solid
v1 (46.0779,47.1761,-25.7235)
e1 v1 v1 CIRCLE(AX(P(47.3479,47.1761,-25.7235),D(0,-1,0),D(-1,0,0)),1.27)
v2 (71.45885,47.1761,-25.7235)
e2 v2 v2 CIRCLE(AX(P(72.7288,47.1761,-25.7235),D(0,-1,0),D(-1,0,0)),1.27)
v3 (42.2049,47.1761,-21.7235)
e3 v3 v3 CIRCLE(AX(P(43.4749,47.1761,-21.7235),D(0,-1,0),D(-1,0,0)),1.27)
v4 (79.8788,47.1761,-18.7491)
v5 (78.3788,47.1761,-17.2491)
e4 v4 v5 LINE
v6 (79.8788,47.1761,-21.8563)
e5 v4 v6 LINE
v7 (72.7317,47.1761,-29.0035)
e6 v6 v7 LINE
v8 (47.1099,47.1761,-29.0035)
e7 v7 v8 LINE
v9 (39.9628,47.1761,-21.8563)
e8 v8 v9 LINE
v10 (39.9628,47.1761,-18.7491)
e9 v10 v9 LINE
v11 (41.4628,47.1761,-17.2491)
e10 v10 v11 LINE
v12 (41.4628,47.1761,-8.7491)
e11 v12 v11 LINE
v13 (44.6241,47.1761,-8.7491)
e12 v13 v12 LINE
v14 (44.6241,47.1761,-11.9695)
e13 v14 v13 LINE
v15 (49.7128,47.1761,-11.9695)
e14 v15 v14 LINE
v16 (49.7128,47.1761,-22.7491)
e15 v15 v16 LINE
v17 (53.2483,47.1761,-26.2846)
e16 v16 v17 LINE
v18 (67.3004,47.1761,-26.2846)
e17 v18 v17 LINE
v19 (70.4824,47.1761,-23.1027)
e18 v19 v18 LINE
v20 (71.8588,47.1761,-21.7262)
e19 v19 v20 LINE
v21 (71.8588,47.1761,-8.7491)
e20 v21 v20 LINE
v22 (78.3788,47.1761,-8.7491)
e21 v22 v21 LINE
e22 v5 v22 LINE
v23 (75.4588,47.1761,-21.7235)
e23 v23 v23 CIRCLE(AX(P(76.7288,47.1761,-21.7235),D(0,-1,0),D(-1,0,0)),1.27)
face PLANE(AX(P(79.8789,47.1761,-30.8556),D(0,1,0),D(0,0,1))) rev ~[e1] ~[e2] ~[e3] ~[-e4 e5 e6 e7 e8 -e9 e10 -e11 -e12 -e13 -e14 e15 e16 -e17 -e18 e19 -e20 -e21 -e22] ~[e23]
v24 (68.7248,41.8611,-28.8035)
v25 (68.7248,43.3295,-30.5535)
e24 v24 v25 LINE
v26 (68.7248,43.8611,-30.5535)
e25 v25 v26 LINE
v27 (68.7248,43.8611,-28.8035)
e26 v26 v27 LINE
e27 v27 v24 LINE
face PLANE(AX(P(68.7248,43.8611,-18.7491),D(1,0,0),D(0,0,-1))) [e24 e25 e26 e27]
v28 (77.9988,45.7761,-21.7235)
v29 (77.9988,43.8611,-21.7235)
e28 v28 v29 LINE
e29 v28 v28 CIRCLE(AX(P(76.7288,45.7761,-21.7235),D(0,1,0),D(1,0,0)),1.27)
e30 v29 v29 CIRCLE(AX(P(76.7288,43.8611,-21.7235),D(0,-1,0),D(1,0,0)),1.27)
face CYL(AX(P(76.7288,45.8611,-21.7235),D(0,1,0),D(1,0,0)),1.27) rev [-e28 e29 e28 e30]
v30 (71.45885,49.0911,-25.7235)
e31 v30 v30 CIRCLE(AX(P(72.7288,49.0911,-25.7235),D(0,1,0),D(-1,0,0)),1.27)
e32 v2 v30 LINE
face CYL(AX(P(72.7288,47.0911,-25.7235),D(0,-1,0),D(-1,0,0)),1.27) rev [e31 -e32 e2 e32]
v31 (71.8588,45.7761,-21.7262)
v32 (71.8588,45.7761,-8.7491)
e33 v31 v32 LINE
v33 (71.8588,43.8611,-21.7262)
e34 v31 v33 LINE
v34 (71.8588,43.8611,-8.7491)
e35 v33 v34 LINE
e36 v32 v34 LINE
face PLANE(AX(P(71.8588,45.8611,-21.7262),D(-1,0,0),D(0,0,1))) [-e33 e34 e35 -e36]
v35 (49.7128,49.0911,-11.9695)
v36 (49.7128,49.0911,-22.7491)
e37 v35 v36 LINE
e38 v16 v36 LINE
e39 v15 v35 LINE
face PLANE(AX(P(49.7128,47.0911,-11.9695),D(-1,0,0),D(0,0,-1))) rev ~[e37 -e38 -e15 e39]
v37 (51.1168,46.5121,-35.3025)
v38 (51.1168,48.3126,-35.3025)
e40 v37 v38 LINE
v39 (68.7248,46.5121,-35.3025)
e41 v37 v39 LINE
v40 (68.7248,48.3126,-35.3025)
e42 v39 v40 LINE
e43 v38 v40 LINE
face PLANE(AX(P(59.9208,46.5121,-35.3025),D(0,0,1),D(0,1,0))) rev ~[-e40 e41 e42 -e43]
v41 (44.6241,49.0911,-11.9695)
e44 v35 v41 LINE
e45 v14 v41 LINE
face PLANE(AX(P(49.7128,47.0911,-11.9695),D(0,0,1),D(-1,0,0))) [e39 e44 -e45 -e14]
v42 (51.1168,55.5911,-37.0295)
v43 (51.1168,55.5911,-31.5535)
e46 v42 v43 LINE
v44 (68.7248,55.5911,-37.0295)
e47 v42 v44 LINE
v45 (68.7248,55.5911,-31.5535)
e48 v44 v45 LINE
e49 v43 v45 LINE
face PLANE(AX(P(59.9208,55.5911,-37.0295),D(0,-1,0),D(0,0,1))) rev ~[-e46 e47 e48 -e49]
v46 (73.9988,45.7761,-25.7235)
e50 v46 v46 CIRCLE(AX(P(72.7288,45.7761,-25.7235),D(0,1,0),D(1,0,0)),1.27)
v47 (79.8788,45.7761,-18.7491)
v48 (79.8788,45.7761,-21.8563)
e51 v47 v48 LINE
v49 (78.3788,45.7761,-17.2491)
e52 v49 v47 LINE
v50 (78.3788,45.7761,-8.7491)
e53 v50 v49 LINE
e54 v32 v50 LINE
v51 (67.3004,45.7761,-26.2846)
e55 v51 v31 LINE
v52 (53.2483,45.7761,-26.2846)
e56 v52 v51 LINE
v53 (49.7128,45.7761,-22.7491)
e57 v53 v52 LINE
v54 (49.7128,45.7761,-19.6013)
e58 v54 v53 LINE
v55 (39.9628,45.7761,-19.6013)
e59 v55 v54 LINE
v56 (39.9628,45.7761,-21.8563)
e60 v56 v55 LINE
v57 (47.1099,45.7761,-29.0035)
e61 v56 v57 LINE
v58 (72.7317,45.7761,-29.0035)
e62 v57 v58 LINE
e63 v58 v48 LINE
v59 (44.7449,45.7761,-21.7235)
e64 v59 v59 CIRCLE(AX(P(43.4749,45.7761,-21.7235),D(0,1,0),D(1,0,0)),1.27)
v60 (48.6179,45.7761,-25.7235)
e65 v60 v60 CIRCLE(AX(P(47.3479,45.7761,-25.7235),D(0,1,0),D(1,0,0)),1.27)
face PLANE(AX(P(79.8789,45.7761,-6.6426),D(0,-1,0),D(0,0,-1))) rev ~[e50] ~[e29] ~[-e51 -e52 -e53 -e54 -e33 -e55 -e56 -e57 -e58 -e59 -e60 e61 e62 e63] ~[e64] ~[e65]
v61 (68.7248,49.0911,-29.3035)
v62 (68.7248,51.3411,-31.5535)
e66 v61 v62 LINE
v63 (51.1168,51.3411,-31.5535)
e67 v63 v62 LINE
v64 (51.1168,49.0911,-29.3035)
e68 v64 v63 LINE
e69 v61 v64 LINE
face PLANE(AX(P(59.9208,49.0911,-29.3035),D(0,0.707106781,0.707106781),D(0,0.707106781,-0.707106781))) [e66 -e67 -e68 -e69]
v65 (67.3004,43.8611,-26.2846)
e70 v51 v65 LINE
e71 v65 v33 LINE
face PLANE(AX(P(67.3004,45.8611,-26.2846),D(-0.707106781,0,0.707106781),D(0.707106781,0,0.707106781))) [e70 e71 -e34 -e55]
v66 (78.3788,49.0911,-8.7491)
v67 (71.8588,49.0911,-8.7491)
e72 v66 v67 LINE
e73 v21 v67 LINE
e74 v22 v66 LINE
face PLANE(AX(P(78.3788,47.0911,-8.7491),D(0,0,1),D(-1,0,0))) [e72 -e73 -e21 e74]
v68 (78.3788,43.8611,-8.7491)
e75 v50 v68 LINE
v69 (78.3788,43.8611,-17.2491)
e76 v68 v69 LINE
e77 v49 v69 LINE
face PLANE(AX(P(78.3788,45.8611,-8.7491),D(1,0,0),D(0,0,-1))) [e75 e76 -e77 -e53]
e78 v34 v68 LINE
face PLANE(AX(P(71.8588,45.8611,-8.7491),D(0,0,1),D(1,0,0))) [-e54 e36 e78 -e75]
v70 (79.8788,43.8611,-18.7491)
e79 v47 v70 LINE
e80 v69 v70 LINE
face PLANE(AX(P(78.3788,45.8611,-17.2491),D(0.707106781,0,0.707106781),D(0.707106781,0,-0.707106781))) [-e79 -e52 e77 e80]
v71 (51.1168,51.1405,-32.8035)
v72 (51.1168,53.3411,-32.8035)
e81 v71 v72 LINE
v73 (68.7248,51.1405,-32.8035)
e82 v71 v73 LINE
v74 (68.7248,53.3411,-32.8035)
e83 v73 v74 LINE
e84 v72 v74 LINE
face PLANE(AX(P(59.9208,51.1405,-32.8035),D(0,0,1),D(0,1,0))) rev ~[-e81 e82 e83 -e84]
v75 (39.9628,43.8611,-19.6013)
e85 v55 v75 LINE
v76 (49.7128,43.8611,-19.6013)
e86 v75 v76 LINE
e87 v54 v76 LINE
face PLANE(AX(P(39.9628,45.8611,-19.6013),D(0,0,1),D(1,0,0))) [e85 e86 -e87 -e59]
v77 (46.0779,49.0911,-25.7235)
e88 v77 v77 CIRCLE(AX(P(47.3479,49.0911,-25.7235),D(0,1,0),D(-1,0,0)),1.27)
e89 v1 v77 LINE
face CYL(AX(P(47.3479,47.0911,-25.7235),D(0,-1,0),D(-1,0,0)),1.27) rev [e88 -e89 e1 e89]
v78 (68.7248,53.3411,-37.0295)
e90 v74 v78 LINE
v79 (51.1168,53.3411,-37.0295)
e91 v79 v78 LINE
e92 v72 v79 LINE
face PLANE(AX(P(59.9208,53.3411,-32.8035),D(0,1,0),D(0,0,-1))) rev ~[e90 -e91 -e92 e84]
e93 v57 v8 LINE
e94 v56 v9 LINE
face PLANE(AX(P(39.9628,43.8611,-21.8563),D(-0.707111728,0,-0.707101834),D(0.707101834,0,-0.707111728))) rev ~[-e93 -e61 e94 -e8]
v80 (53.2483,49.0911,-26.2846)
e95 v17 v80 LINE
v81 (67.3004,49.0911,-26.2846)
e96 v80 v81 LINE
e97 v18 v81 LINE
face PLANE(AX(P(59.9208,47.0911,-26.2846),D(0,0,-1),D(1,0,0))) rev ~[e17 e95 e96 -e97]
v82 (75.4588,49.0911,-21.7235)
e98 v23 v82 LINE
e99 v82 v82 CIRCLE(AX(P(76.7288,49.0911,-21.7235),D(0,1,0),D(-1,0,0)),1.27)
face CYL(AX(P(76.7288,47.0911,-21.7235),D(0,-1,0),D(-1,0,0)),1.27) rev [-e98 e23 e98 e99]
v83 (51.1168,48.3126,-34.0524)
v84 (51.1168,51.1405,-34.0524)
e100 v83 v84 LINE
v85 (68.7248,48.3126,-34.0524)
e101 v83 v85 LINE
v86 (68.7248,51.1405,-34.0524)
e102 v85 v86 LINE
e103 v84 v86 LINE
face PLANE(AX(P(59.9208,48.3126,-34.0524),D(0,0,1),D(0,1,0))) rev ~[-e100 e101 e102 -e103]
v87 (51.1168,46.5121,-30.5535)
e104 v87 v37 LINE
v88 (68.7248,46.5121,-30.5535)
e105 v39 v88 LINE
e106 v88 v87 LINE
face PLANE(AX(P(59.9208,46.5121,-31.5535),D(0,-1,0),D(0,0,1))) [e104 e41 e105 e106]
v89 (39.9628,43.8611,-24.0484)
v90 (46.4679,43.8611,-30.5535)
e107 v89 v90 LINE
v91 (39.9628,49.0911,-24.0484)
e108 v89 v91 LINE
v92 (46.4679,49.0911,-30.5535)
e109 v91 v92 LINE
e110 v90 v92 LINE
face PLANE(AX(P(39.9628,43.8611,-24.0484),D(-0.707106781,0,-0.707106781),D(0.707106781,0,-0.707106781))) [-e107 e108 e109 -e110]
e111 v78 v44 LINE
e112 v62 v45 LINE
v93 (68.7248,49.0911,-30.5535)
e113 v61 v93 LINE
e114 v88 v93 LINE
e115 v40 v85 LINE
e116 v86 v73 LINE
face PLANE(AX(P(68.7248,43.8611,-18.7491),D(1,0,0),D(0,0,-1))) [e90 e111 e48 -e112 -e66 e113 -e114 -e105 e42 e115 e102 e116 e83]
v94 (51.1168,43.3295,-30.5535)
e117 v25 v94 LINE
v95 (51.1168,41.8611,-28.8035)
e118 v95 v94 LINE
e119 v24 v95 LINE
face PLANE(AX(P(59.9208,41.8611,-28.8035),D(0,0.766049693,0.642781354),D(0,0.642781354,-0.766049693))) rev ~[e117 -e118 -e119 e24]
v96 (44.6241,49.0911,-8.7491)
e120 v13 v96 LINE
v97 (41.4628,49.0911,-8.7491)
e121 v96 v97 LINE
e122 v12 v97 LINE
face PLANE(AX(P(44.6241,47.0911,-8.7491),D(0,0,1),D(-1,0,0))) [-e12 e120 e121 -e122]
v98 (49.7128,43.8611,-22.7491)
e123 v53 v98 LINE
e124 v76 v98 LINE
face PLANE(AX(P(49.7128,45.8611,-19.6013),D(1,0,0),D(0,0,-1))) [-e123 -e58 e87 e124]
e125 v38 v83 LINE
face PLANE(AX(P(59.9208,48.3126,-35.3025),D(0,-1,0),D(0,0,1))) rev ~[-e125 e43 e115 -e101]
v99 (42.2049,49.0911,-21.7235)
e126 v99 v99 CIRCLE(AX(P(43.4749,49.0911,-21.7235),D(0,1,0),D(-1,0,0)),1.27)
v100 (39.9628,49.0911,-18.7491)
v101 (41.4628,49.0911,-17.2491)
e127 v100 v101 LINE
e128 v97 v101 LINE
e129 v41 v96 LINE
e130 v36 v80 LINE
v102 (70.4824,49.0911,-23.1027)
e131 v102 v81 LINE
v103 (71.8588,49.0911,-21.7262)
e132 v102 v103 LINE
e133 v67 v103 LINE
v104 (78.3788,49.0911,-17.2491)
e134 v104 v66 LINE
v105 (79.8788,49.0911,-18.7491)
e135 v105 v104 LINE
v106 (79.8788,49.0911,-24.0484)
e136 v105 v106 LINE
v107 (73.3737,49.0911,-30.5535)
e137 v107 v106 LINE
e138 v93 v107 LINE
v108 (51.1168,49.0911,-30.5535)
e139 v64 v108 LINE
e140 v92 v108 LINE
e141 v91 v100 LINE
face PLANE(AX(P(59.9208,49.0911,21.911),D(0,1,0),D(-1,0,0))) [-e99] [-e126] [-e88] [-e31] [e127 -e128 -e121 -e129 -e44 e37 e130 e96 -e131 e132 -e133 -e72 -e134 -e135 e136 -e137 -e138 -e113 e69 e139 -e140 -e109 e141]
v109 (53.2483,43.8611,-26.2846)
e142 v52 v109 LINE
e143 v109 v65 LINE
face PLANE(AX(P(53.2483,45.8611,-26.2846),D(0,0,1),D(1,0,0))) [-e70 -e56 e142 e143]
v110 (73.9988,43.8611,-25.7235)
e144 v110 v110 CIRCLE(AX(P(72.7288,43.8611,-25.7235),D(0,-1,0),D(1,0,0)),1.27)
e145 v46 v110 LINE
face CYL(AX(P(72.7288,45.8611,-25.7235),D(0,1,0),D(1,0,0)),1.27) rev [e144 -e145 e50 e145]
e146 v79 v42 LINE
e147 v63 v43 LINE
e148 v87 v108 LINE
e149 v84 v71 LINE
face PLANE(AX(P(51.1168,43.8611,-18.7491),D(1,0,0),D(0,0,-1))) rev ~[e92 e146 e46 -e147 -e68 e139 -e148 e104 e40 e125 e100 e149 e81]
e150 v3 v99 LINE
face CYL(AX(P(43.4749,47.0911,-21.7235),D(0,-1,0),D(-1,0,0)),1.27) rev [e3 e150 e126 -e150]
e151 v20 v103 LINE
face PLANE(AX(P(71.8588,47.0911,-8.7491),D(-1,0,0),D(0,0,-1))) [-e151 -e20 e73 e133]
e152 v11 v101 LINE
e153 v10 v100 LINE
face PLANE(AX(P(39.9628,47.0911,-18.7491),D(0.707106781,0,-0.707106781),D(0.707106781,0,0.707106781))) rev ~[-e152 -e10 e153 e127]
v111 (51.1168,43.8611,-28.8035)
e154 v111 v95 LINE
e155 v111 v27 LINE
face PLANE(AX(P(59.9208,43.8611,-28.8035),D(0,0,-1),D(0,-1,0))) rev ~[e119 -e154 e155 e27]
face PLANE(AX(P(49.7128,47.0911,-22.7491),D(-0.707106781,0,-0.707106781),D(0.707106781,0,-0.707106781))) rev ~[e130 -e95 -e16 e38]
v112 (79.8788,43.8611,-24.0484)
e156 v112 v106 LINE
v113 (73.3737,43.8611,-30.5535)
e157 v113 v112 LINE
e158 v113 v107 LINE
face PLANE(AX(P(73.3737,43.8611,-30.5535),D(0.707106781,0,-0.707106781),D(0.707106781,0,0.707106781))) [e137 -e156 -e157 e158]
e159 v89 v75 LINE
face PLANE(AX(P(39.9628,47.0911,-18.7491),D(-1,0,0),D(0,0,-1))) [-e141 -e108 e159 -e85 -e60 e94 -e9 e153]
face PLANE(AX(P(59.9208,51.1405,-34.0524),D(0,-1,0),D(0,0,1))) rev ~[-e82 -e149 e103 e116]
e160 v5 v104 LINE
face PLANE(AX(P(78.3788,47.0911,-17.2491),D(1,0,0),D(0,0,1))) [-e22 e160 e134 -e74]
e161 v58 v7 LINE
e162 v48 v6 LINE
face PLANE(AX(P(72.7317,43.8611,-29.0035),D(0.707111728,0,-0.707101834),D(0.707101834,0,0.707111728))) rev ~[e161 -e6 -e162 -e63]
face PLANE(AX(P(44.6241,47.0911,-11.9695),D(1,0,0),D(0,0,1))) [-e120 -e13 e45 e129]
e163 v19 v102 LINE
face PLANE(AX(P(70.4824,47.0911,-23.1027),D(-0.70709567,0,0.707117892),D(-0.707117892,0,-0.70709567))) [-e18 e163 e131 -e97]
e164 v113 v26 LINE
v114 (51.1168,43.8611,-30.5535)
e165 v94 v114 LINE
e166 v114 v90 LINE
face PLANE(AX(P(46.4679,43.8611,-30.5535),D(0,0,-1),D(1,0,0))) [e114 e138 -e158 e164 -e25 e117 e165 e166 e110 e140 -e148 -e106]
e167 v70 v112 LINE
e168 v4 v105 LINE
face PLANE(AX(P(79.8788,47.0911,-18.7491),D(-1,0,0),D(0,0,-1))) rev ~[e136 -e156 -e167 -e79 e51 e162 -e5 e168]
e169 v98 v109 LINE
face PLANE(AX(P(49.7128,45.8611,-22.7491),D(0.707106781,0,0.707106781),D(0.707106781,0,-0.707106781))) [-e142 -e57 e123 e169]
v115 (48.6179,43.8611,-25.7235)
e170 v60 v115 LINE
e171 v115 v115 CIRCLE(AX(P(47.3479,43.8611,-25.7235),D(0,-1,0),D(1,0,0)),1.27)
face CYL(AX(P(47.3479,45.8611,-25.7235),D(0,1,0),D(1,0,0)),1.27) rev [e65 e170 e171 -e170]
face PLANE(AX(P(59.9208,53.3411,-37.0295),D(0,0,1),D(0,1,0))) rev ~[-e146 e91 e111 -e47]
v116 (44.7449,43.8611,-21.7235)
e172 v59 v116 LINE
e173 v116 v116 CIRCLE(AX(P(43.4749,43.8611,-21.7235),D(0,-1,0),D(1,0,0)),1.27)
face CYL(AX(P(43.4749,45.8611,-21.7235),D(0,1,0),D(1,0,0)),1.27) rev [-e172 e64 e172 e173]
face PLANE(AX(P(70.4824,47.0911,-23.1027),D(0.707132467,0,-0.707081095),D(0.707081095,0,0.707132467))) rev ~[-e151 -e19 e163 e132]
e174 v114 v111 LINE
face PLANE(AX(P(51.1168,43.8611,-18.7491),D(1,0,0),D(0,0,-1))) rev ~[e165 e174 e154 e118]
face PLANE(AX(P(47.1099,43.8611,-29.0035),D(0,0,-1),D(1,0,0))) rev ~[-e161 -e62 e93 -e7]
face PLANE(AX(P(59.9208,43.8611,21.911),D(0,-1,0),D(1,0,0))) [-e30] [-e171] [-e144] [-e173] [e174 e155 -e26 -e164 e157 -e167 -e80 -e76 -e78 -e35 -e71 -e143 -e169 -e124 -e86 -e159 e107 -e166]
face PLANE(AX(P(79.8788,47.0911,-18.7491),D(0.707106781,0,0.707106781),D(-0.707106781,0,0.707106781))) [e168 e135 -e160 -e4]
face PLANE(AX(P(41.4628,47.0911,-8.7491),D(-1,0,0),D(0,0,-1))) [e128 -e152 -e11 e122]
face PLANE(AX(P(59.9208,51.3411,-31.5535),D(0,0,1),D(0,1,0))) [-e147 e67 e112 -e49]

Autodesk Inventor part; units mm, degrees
ref_plane "Work Plane1" through (59.9208, 47.0911, 21.911) normal (0, 1, 0) x (-1, 0, 0)
sketch "Sketch1" plane through (59.9208, 47.0911, 21.911) normal (0, 1, 0) x (-1, 0, 0)
  circle A0 centre (-16.808, -43.6345) radius 1.27
  circle A1 centre (12.5729, -47.6345) radius 1.27
  circle A2 centre (16.4459, -43.6345) radius 1.27
  circle A3 centre (-12.808, -47.6345) radius 1.27
  line L0 (10.208, -33.8805) -> (10.208, -44.6601)
  line L1 (10.208, -44.6601) -> (6.6725, -48.1956)
  circle A4 centre (-16.808, -43.6345) radius 1.27 projected
  circle A5 centre (12.5729, -47.6345) radius 1.27 projected
  circle A6 centre (16.4459, -43.6345) radius 1.27 projected
  circle A7 centre (-12.8081, -47.6345) radius 1.27 projected
  line L2 (19.708, -15.6655) -> (-19.708, -15.6655)
  line L3 (0, -15.6655) -> (0, -20.8781)
  line L4 (6.6725, -48.1956) -> (-7.3796, -48.1956)
  line L5 (-19.958, -43.8381) -> (-12.8316, -50.9645)
  line L6 (-12.8316, -50.9645) -> (12.8316, -50.9645)
  line L7 (-19.958, -40.6601) -> (-19.958, -43.8381)
  line L8 (0, -48.1956) -> (0, -46.7038)
  line L9 (19.958, -43.8381) -> (12.8316, -50.9645)
  line L10 (19.958, -40.6601) -> (19.958, -43.8381)
  line L11 (-11.938, -30.6601) -> (-11.938, -43.6372)
  line L12 (-10.5616, -45.0137) -> (-11.938, -43.6372)
  line L13 (-10.5616, -45.0137) -> (-7.3796, -48.1956)
  line L14 (15.2967, -30.6601) -> (18.458, -30.6601)
  line L15 (18.458, -30.6601) -> (18.458, -39.1601)
  line L16 (-18.458, -39.1601) -> (-18.458, -30.6601)
  line L17 (-18.458, -30.6601) -> (-11.938, -30.6601)
  line L18 (10.208, -33.8805) -> (15.2967, -33.8805)
  line L19 (15.2967, -33.8805) -> (15.2967, -30.6601)
  line L20 (-19.958, -40.6601) -> (-18.458, -39.1601)
  line L21 (19.958, -40.6601) -> (18.458, -39.1601)
  point P0 (-19.708, -43.6601)
  point P1 (-6.6725, -48.1956)
  dimension "d14" = 5
  dimension "d15" = 135
  dimension "d18" = 2.54
extrude "Extrusion1" add sketch "Sketch1" along normal blind 2
ref_plane "Work Plane2" through (59.9208, 45.8611, 21.911) normal (0, -1, 0) x (1, 0, 0)
sketch "Sketch2" plane through (59.9208, 45.8611, 21.911) normal (0, -1, 0) x (1, 0, 0)
  line L0 (-10.208, -33.8805) -> (-10.208, -44.6601) projected
  line L1 (-10.208, -44.6601) -> (-6.6725, -48.1956) projected
  line L2 (-6.6725, -48.1956) -> (7.3796, -48.1956) projected
  circle A0 centre (16.808, -43.6345) radius 1.27 projected
  circle A1 centre (-12.5729, -47.6345) radius 1.27 projected
  circle A2 centre (-16.4459, -43.6345) radius 1.27 projected
  circle A3 centre (12.808, -47.6345) radius 1.27 projected
  line L3 (19.958, -40.6601) -> (19.958, -43.8381) projected
  line L4 (19.958, -43.8381) -> (12.8316, -50.9645) projected
  line L5 (12.8316, -50.9645) -> (-12.8316, -50.9645) projected
  line L6 (-12.8316, -50.9645) -> (-19.958, -43.8381) projected
  line L7 (-19.958, -43.8381) -> (-19.958, -40.6601) projected
  line L8 (7.3796, -48.1956) -> (11.938, -43.6372) projected
  line L9 (11.938, -43.6372) -> (11.938, -30.6601) projected
  line L10 (11.938, -30.6601) -> (18.458, -30.6601) projected
  line L11 (18.458, -30.6601) -> (18.458, -39.1601) projected
  line L12 (-18.458, -39.1601) -> (-18.458, -30.6601) projected
  line L13 (-18.458, -30.6601) -> (-15.2967, -30.6601) projected
  line L14 (-15.2967, -30.6601) -> (-15.2967, -33.8805) projected
  line L15 (-15.2967, -33.8805) -> (-10.208, -33.8805) projected
  line L16 (18.458, -39.1601) -> (19.958, -40.6601) projected
  line L17 (-19.958, -40.6601) -> (-18.458, -39.1601) projected
  circle A4 centre (-16.4459, -43.6345) radius 1.27 projected
  line L18 (-19.958, -43.8381) -> (-19.958, -40.6601) projected
  line L19 (-19.958, -41.5123) -> (-10.208, -41.5123)
  line L20 (-10.208, -33.8805) -> (-10.208, -44.6601) projected
  point P0 (-59.9208, -21.911)
extrude "Extrusion2" add sketch "Sketch2" along normal blind 2 contours L0 L1 L2 L8 L9 L10 L11 L16 L3 L4 L5 L6 L7 L19
sketch "Sketch4" plane through (79.8789, 45.8611, -18.7491) normal (1, 0, 0) x (0, 0, -1)
  line L0 (0, 1.23) -> (3.178, 1.23) projected
  line L1 (0, 0) -> (-1.5, 0) projected
  line L2 (0, 1.23) -> (0, 0)
  line L3 (-12.1065, -0.085) -> (12.1065, -0.085)
  line L4 (12.1065, -0.085) -> (12.1065, 1.315)
  line L5 (12.1065, 1.315) -> (-12.1065, 1.315)
  line L6 (-12.1065, 1.315) -> (-12.1065, -0.085)
  line L7 (-12.1065, -0.085) -> (12.1065, 1.315) construction
  line L8 (12.1065, -0.085) -> (-12.1065, 1.315) construction
  point P0 (0, 0.615)
  dimension "d73" = 1.4
extrude "Extrusion3" cut sketch "Sketch4" against normal through all
sketch "Sketch5" plane through (59.9208, 43.8611, 21.911) normal (0, -1, 0) x (1, 0, 0)
  line L0 (-19.708, -43.6601) -> (-19.708, -40.6601)
  line L1 (-12.6424, -50.7145) -> (-19.708, -43.6601)
  line L2 (12.728, -50.7145) -> (-12.6424, -50.7145)
  line L3 (19.708, -43.7345) -> (12.728, -50.7145)
  line L4 (-13.4529, -52.4645) -> (13.4529, -52.4645)
  line L5 (19.708, -43.7345) -> (19.708, -40.6601)
  line L6 (-12.8316, -50.9145) -> (12.8316, -50.9145)
  line L7 (12.8316, -50.9645) -> (11.3316, -52.4645)
  line L8 (-19.958, -43.8381) -> (-12.8316, -50.9645)
  line L9 (-12.8316, -50.9645) -> (-11.3316, -52.4645)
  line L10 (-12.8316, -50.9645) -> (-10.7103, -50.9645) construction
  line L11 (12.8316, -50.9145) -> (12.8816, -50.9145)
  line L12 (-12.8316, -50.9645) -> (12.8316, -50.9645)
  line L13 (12.8316, -50.9645) -> (12.8816, -50.9145)
  line L14 (12.8316, -50.9645) -> (19.958, -43.8381)
  line L15 (-12.8316, -50.9145) -> (-12.8816, -50.9145)
  line L16 (-12.8316, -50.9645) -> (-12.8816, -50.9145)
  line L17 (12.8109, -50.9145) -> (19.958, -43.7673)
  line L18 (-19.958, -43.7673) -> (-12.8109, -50.9145)
  line L19 (-19.958, -45.9594) -> (-13.4529, -52.4645)
  line L20 (13.4529, -52.4645) -> (19.958, -45.9594)
  line L21 (-19.958, -43.7673) -> (-19.958, -45.9594)
  line L22 (12.8316, -50.9645) -> (19.958, -43.8381) projected
  line L23 (19.958, -43.8381) -> (19.958, -45.9594)
  line L24 (19.958, -43.8381) -> (19.958, -43.7673)
  line L25 (19.958, -43.8381) -> (19.958, -40.6601) projected
  dimension "d29" = 0.2
  dimension "d62" = 45
  dimension "d74" = 0.05
  dimension "d75" = 0.05
  dimension "d76" = 1.5
  dimension "d77" = 1.5
extrude "Extrusion4" add sketch "Sketch5" against normal up to surface (5.23 mm away)
ref_plane "Work Plane13" through (59.9208, 43.8611, -18.7491) normal (1, 0, 0) x (0, 0, -1)
ref_plane "Work Plane14" through (53.2483, 46.4761, -26.2847) normal (0, 1, 0) x (1, 0, 0)
sketch "Sketch18" plane through (59.9208, 43.8611, -18.7491) normal (1, 0, 0) x (0, 0, -1)
  line L0 (12.8044, 2.651) -> (16.5534, 2.651)
  line L1 (16.5534, 2.651) -> (16.5534, 4.4515)
  line L2 (16.5534, 4.4515) -> (15.3033, 4.4515)
  line L3 (15.3033, 4.4515) -> (15.3033, 7.2794)
  line L4 (15.3033, 7.2794) -> (14.0544, 7.2794)
  line L5 (14.0544, 7.2794) -> (14.0544, 9.48)
  line L6 (14.0544, 9.48) -> (18.2804, 9.48)
  line L7 (18.2804, 9.48) -> (18.2804, 11.73)
  line L8 (18.2804, 11.73) -> (12.8044, 11.73)
  line L9 (12.8044, 7.48) -> (12.8044, 11.73)
  line L10 (12.8044, 2.651) -> (11.8044, 2.651)
  line L11 (11.8044, 0) -> (10.0544, 0)
  line L12 (10.0544, 0) -> (10.0544, -2)
  line L13 (10.0544, -2) -> (11.8044, -0.5316)
  line L14 (11.8044, -0.5316) -> (11.8044, 0)
  line L15 (11.8044, 0) -> (11.8044, 5.23) projected
  line L16 (11.8044, 2.651) -> (11.8044, 5.23)
  line L17 (10.5544, 5.23) -> (12.8044, 7.48)
  line L18 (10.5544, 5.23) -> (11.8044, 5.23)
  point P0 (12.8044, 6.23)
  dimension "d184" = 1.75
  dimension "d185" = 2
  dimension "d186" = 50
extrude "Extrusion12" add sketch "Sketch18" along normal blind 8.804 and the other way blind 8.804
ref_plane "Work Plane19" through (51.1168, 53.1911, -37.0296) normal (0, -1, 0) x (1, 0, 0)
ref_plane "Work Plane20" through (68.7248, 51.1406, -34.2524) normal (0, 0, -1) x (-1, 0, 0)
properties part number "Button Holder"
